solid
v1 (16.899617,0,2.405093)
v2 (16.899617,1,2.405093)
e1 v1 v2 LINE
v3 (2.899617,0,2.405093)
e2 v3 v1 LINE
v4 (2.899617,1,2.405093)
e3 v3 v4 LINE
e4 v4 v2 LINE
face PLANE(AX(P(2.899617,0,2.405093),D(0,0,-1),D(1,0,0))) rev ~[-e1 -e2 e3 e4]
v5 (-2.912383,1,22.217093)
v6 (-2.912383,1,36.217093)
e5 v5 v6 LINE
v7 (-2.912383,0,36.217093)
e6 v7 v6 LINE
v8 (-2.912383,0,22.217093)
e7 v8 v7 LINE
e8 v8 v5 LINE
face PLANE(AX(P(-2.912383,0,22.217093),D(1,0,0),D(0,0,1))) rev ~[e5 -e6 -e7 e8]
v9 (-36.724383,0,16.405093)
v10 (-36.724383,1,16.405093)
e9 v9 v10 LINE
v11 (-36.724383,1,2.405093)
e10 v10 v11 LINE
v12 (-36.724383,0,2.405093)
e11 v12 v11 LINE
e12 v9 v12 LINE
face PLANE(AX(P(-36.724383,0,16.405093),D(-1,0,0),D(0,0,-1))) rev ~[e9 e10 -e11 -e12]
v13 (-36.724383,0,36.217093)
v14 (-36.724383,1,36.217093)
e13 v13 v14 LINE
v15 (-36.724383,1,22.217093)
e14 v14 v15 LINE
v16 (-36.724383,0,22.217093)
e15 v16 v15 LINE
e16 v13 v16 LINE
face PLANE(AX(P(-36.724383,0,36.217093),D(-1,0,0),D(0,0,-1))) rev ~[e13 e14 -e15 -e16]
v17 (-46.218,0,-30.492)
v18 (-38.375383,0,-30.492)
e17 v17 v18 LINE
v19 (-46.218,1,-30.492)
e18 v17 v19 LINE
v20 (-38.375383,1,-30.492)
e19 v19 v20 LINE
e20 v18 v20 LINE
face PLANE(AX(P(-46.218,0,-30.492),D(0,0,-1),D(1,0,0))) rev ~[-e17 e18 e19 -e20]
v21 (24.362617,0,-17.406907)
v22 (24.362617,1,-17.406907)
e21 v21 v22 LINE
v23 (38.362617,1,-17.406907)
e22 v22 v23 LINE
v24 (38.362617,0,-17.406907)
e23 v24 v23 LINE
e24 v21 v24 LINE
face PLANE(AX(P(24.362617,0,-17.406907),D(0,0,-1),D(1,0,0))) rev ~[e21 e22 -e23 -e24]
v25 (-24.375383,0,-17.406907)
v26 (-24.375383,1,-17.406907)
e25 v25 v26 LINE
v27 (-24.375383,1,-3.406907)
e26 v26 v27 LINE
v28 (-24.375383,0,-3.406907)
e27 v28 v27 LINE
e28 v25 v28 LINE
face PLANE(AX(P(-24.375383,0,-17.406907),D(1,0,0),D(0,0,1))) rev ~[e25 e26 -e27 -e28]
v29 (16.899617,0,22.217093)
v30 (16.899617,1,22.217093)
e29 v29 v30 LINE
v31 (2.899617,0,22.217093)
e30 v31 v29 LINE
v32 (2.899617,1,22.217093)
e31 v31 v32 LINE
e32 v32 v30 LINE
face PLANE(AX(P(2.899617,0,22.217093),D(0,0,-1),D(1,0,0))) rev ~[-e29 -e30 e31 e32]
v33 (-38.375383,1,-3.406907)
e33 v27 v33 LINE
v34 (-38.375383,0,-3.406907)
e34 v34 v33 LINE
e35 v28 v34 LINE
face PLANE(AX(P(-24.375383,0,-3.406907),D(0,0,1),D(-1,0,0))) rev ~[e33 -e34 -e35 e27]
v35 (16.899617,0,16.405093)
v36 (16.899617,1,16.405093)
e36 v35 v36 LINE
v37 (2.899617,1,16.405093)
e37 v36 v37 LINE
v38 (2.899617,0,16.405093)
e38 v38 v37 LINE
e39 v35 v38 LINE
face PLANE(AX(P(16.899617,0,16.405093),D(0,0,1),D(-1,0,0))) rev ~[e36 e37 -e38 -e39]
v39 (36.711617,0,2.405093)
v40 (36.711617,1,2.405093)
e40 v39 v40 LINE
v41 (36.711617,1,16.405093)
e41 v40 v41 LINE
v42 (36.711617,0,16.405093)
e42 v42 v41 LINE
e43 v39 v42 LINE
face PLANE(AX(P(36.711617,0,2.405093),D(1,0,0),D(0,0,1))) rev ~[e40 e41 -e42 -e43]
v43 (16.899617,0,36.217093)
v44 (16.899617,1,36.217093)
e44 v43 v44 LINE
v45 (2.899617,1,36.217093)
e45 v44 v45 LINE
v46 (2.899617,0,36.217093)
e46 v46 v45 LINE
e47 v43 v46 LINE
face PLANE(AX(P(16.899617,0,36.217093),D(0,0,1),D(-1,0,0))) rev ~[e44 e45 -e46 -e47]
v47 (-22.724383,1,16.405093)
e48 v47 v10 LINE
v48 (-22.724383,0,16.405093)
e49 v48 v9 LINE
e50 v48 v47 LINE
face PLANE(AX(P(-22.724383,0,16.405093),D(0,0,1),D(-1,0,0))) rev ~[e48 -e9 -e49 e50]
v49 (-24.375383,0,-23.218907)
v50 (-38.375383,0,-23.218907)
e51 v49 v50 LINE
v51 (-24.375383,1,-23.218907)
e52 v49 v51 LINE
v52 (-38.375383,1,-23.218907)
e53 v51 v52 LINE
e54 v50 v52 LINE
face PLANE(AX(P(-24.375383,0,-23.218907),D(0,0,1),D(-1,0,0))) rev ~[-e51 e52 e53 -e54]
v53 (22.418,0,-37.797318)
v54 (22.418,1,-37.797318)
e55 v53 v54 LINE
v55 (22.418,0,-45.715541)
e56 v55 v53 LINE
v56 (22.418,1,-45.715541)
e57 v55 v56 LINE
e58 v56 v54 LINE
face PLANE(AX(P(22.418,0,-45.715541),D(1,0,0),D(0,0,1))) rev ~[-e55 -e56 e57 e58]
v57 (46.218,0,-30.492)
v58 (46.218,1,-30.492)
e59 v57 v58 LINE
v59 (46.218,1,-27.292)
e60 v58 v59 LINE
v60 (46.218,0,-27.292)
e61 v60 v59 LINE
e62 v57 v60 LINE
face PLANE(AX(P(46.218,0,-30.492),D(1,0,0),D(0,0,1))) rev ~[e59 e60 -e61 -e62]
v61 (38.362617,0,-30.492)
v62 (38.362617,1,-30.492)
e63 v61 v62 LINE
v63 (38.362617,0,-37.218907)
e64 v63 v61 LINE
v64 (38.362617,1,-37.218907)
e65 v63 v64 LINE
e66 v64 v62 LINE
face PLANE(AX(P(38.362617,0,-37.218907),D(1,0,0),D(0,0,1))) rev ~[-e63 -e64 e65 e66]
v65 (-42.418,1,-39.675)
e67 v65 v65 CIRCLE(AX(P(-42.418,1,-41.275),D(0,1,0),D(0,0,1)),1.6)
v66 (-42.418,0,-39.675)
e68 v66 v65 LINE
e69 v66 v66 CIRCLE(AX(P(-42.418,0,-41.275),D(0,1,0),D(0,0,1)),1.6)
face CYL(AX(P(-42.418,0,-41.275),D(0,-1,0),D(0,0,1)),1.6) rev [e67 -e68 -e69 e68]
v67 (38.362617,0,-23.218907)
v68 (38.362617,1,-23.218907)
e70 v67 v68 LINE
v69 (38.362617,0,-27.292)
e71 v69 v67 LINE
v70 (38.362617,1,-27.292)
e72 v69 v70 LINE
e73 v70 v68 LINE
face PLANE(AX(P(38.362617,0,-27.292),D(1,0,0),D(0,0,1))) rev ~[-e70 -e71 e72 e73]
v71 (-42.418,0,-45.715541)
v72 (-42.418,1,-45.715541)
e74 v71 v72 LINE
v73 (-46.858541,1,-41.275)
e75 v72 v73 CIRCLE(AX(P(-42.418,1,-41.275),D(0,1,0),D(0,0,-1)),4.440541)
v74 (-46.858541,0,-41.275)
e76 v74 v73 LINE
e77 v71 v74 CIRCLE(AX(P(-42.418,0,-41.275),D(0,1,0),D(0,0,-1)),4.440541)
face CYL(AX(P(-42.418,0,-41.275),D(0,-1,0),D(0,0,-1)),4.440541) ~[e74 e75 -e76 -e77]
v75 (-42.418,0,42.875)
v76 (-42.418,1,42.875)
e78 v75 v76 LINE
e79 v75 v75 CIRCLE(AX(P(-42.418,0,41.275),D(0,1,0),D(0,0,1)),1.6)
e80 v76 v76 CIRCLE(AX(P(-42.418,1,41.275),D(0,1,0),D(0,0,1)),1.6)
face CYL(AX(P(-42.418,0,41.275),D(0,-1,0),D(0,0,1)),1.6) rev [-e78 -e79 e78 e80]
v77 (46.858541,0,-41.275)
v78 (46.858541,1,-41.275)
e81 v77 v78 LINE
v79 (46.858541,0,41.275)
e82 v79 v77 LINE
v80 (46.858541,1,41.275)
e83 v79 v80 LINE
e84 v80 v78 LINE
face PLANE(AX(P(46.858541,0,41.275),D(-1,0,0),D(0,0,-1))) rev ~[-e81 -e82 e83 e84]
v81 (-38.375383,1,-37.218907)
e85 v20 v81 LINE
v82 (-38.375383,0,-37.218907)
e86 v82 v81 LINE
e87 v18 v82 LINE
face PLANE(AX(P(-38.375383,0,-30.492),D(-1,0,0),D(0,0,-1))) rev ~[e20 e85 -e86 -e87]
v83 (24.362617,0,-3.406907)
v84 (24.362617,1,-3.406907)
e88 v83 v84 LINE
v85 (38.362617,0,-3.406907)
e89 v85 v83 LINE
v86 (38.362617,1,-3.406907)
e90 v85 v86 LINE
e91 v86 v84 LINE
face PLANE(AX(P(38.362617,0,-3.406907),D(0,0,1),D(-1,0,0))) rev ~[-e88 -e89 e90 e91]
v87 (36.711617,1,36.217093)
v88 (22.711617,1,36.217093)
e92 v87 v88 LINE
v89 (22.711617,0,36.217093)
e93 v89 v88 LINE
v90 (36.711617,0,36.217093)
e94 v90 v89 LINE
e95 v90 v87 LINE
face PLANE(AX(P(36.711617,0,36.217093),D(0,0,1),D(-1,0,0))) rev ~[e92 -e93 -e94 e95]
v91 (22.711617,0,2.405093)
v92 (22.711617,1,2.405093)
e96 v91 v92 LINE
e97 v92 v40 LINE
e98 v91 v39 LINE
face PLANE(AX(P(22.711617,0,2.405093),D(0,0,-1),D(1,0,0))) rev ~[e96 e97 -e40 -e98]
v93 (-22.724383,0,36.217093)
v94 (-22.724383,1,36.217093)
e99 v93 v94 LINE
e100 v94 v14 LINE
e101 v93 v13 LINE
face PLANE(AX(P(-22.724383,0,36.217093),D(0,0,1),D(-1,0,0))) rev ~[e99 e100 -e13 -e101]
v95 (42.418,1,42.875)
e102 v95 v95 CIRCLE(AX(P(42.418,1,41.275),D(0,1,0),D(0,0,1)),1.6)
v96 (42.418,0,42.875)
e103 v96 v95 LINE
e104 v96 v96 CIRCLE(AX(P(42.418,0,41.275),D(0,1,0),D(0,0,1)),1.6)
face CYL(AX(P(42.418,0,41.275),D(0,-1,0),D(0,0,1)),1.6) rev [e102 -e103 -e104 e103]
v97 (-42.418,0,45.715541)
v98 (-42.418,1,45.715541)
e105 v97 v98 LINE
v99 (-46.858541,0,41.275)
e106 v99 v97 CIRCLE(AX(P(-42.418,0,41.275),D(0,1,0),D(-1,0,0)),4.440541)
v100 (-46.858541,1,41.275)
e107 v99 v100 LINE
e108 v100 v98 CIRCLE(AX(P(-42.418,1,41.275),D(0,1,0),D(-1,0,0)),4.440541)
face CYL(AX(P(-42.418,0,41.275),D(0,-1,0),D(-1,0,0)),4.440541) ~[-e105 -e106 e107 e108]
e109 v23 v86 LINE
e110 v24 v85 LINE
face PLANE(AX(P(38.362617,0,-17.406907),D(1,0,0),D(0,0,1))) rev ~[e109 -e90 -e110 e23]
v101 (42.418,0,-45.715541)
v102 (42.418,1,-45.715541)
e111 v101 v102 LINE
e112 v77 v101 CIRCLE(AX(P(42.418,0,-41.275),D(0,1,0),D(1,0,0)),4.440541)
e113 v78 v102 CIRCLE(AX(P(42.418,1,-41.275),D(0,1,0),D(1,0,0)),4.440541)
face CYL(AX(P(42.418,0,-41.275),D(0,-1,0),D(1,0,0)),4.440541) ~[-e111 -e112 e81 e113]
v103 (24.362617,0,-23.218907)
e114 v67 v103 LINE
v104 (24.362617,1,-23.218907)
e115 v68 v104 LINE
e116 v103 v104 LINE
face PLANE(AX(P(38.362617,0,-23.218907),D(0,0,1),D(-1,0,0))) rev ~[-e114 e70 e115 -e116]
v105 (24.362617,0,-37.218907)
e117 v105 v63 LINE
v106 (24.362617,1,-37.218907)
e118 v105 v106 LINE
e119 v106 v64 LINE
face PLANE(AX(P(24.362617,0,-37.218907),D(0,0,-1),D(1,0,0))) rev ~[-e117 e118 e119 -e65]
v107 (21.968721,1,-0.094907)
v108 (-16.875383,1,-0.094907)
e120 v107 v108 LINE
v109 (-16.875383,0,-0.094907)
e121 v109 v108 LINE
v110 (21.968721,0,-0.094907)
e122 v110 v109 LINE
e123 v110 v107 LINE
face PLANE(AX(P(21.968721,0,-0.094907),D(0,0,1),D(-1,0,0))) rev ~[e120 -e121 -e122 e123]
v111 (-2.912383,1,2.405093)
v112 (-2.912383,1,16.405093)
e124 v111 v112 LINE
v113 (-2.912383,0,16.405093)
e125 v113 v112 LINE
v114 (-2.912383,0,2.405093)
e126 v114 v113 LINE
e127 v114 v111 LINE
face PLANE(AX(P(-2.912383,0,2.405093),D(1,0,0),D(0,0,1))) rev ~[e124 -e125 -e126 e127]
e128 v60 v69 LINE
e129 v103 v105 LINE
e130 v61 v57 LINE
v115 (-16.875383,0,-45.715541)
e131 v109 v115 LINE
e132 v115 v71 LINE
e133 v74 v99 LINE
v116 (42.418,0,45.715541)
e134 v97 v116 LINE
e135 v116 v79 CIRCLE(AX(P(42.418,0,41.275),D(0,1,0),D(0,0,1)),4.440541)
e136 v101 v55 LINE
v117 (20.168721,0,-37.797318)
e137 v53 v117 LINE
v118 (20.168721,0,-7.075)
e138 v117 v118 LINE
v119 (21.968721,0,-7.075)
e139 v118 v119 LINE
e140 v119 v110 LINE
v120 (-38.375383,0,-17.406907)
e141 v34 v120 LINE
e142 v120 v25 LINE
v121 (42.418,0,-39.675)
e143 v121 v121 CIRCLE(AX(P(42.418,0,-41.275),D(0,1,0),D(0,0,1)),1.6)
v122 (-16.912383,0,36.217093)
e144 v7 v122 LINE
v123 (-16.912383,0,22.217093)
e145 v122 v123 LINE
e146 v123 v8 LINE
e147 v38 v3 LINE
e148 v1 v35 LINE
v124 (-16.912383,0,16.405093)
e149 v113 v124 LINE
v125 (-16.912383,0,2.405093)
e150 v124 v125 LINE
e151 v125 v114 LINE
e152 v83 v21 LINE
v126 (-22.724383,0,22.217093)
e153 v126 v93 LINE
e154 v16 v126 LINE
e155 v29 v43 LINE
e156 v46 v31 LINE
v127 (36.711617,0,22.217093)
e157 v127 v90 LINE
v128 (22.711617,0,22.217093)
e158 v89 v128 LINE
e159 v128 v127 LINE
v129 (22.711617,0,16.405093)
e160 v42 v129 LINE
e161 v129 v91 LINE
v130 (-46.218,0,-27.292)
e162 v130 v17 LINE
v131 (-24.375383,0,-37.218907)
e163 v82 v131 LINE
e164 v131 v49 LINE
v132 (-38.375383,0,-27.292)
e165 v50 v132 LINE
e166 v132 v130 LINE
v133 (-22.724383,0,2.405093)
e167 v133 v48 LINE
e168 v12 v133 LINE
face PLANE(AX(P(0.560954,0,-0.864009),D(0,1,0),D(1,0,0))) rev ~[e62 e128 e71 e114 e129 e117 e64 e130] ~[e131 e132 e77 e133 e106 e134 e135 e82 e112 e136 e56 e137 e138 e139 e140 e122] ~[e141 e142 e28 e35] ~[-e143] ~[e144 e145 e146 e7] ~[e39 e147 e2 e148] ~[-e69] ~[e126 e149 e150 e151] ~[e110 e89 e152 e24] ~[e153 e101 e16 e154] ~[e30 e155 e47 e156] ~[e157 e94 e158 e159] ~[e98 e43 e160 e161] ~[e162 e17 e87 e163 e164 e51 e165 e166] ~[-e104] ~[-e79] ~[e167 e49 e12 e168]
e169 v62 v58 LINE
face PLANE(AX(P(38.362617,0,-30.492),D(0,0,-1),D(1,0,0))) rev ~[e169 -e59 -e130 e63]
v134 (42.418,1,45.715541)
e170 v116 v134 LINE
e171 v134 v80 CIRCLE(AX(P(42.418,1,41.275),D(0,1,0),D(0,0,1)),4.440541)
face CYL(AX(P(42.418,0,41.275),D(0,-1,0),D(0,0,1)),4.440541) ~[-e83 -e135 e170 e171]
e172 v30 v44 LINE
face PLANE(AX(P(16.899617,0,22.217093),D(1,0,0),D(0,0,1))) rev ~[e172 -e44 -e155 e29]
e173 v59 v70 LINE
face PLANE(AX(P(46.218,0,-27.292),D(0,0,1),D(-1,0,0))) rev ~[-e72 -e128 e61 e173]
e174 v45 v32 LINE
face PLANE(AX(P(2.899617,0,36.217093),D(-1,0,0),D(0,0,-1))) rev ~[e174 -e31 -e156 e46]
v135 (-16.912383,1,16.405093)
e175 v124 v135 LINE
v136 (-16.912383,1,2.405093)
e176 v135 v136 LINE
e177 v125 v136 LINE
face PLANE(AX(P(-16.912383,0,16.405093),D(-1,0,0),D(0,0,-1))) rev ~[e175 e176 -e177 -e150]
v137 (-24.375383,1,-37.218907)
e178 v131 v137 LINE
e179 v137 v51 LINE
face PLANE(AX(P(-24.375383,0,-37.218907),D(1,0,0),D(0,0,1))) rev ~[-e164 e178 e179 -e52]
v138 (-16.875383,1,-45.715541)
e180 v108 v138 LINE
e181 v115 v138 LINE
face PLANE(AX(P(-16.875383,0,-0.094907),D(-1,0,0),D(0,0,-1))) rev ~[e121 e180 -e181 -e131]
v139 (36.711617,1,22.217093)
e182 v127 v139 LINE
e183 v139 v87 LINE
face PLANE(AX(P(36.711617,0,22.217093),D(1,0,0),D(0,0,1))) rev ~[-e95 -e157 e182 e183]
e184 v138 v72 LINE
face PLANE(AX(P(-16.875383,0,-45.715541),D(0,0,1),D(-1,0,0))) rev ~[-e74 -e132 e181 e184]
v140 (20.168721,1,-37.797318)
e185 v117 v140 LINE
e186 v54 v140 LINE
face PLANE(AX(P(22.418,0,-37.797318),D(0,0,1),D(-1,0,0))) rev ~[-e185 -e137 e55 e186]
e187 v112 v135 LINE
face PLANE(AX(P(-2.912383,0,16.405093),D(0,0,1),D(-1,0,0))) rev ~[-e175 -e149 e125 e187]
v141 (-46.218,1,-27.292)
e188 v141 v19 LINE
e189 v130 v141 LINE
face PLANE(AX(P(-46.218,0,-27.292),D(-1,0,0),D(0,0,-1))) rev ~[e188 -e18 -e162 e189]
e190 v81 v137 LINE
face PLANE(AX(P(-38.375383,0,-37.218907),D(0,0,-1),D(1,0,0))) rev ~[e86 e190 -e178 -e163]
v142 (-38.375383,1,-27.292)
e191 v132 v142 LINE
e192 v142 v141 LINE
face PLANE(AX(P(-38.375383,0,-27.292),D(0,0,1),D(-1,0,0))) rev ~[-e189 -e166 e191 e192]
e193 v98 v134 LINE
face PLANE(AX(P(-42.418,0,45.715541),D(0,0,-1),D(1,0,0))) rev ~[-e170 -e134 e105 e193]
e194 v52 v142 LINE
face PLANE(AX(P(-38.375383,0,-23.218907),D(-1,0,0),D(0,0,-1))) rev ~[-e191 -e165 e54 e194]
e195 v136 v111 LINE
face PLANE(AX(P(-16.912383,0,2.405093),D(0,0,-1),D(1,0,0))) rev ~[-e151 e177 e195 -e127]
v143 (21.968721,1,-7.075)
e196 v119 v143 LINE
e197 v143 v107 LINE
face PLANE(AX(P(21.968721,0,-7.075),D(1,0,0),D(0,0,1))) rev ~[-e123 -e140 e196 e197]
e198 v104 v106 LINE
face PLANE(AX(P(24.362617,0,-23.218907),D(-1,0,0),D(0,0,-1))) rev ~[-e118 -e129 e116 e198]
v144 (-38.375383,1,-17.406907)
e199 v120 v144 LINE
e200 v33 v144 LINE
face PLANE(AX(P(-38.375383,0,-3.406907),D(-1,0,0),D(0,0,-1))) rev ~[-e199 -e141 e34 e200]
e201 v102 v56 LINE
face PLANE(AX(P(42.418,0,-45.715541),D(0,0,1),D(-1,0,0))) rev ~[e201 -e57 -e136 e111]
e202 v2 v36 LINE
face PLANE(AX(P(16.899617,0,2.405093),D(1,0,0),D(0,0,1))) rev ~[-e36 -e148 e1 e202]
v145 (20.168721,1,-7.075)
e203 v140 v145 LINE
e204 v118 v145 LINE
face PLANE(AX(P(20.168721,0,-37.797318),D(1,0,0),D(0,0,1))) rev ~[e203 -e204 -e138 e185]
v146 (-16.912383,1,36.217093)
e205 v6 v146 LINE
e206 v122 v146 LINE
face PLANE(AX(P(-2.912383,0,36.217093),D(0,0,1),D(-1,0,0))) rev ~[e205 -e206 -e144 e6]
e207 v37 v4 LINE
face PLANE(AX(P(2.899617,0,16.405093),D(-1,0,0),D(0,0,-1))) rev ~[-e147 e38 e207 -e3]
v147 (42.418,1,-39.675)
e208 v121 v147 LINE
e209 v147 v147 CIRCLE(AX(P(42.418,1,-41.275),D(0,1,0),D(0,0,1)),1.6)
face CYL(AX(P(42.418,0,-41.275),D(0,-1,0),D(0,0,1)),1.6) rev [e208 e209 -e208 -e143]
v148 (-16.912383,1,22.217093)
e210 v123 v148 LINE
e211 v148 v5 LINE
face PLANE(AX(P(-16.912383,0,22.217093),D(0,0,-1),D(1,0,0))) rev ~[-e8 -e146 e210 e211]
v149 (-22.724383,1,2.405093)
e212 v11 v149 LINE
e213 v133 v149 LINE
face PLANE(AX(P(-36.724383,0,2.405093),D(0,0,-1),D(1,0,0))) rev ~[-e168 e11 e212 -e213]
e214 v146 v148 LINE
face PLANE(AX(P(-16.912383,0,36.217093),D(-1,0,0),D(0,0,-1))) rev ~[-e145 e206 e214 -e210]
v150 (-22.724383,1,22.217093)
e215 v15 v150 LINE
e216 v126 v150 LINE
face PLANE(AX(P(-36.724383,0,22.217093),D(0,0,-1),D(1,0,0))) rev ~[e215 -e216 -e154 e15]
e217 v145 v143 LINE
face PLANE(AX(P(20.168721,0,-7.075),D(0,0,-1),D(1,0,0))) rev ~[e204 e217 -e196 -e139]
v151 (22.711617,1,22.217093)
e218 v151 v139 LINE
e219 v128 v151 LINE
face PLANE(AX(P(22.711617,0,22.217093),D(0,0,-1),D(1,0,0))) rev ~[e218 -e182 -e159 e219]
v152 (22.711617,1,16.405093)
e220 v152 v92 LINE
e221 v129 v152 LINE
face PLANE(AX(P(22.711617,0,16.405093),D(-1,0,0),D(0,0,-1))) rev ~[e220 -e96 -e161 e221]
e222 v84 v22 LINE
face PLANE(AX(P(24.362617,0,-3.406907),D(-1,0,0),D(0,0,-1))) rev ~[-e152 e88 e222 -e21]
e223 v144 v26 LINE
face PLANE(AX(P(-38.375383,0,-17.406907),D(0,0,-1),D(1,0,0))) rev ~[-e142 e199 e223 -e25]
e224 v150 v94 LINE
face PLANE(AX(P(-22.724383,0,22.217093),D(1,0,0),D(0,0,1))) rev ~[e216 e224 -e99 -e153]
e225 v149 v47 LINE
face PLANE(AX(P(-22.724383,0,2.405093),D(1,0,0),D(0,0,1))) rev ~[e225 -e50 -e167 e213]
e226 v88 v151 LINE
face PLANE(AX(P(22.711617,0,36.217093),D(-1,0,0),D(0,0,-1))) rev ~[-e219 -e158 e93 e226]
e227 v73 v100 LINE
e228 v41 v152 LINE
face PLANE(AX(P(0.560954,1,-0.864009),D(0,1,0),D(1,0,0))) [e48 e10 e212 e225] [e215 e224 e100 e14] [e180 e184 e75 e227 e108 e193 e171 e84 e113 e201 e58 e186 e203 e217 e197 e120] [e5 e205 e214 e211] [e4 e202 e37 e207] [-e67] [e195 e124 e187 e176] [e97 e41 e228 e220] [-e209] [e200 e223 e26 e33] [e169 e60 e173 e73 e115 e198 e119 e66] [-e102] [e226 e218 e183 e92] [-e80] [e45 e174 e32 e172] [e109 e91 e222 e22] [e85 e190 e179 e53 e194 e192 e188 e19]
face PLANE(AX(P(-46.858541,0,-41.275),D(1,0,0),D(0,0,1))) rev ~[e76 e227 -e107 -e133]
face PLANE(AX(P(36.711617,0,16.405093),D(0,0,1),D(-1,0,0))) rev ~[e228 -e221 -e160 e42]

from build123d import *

# Parameters (mm, degrees)
SKETCH2_R           = 1.6
BOSS_EXTRUDE3_DEPTH = 1


with BuildPart() as part:
    # Sketch2 → Boss-Extrude3 (new body)
    with BuildSketch(Plane(origin=(0, 0, 0), x_dir=(1, 0, 0), z_dir=(0, 1, 0))):
        with BuildLine():
            Line((-46.858540632, 41.275), (-46.858540632, -41.275))
            ThreePointArc((-46.858540632, -41.275), (-45.557936393, -44.414936393), (-42.418, -45.715540632))
            Line((-42.418, -45.715540632), (42.418, -45.715540632))
            ThreePointArc((42.418, -45.715540632), (45.557936393, -44.414936393), (46.858540632, -41.275))
            Line((46.858540632, -41.275), (46.858540632, 41.275))
            ThreePointArc((46.858540632, 41.275), (45.557936393, 44.414936393), (42.418, 45.715540632))
            Line((42.418, 45.715540632), (22.418, 45.715540632))
            Line((22.418, 45.715540632), (22.418, 41.275))
            Line((22.418, 41.275), (22.418, 39.575))
            Line((22.418, 39.575), (22.418, 37.797317828))
            Line((22.418, 37.797317828), (20.16872062, 37.797317828))
            Line((20.16872062, 37.797317828), (20.16872062, 9.575))
            Line((20.16872062, 9.575), (20.16872062, 7.075))
            Line((20.16872062, 7.075), (21.96872062, 7.075))
            Line((21.96872062, 7.075), (21.96872062, 0.094907102))
            Line((21.96872062, 0.094907102), (-9.912382857, 0.094907102))
            Line((-9.912382857, 0.094907102), (-16.875382857, 0.094907102))
            Line((-16.875382857, 0.094907102), (-16.875382857, 30.218907102))
            Line((-16.875382857, 30.218907102), (-16.875382857, 45.715540632))
            Line((-16.875382857, 45.715540632), (-42.418, 45.715540632))
            ThreePointArc((-42.418, 45.715540632), (-45.557936393, 44.414936393), (-46.858540632, 41.275))
        make_face()
        with Locations(Location((-42.418, -41.275, 0), (0, 0, 270))):
            Circle(SKETCH2_R, mode=Mode.SUBTRACT)
        Polygon((-36.724382857, -36.217092898), (-36.724382857, -29.217092898), (-36.724382857, -22.217092898), (-22.724382857, -22.217092898), (-22.724382857, -36.217092898), align=None, mode=Mode.SUBTRACT)
        Polygon((-16.912382857, -22.217092898), (-9.912382857, -22.217092898), (-2.912382857, -22.217092898), (-2.912382857, -36.217092898), (-16.912382857, -36.217092898), align=None, mode=Mode.SUBTRACT)
        Polygon((-36.724382857, -16.405092898), (-36.724382857, -9.405092898), (-36.724382857, -2.405092898), (-22.724382857, -2.405092898), (-22.724382857, -16.405092898), align=None, mode=Mode.SUBTRACT)
        Polygon((-2.912382857, -16.405092898), (-9.912382857, -16.405092898), (-16.912382857, -16.405092898), (-16.912382857, -2.405092898), (-2.912382857, -2.405092898), align=None, mode=Mode.SUBTRACT)
        Polygon((2.899617143, -22.217092898), (9.899617143, -22.217092898), (16.899617143, -22.217092898), (16.899617143, -36.217092898), (2.899617143, -36.217092898), align=None, mode=Mode.SUBTRACT)
        with Locations(Location((42.418, -41.275, 0), (0, 0, 270))):
            Circle(SKETCH2_R, mode=Mode.SUBTRACT)
        Polygon((36.711617143, -22.217092898), (36.711617143, -29.217092898), (36.711617143, -36.217092898), (22.711617143, -36.217092898), (22.711617143, -22.217092898), align=None, mode=Mode.SUBTRACT)
        Polygon((2.899617143, -2.405092898), (9.899617143, -2.405092898), (16.899617143, -2.405092898), (16.899617143, -16.405092898), (2.899617143, -16.405092898), align=None, mode=Mode.SUBTRACT)
        Polygon((22.711617143, -2.405092898), (29.711617143, -2.405092898), (36.711617143, -2.405092898), (36.711617143, -16.405092898), (22.711617143, -16.405092898), align=None, mode=Mode.SUBTRACT)
        Polygon((-38.375382857, 3.406907102), (-38.375382857, 10.406907102), (-38.375382857, 17.406907102), (-24.375382857, 17.406907102), (-24.375382857, 3.406907102), align=None, mode=Mode.SUBTRACT)
        Polygon((-46.218, 27.292), (-46.218, 28.892), (-46.218, 30.492), (-38.375382857, 30.492), (-38.375382857, 37.218907102), (-31.375382857, 37.218907102), (-24.375382857, 37.218907102), (-24.375382857, 23.218907102), (-38.375382857, 23.218907102), (-38.375382857, 27.292), align=None, mode=Mode.SUBTRACT)
        with Locations(Location((-42.418, 41.275, 0), (0, 0, 270))):
            Circle(SKETCH2_R, mode=Mode.SUBTRACT)
        Polygon((38.362617143, 17.406907102), (38.362617143, 10.406907102), (38.362617143, 3.406907102), (24.362617143, 3.406907102), (24.362617143, 17.406907102), align=None, mode=Mode.SUBTRACT)
        Polygon((46.218, 27.292), (42.418, 27.292), (38.362617143, 27.292), (38.362617143, 23.218907102), (24.362617143, 23.218907102), (24.362617143, 37.218907102), (38.362617143, 37.218907102), (38.362617143, 30.492), (42.418, 30.492), (46.218, 30.492), align=None, mode=Mode.SUBTRACT)
        with Locations(Location((42.418, 41.275, 0), (0, 0, 270))):
            Circle(SKETCH2_R, mode=Mode.SUBTRACT)
    extrude(amount=BOSS_EXTRUDE3_DEPTH)


solid = part.part
